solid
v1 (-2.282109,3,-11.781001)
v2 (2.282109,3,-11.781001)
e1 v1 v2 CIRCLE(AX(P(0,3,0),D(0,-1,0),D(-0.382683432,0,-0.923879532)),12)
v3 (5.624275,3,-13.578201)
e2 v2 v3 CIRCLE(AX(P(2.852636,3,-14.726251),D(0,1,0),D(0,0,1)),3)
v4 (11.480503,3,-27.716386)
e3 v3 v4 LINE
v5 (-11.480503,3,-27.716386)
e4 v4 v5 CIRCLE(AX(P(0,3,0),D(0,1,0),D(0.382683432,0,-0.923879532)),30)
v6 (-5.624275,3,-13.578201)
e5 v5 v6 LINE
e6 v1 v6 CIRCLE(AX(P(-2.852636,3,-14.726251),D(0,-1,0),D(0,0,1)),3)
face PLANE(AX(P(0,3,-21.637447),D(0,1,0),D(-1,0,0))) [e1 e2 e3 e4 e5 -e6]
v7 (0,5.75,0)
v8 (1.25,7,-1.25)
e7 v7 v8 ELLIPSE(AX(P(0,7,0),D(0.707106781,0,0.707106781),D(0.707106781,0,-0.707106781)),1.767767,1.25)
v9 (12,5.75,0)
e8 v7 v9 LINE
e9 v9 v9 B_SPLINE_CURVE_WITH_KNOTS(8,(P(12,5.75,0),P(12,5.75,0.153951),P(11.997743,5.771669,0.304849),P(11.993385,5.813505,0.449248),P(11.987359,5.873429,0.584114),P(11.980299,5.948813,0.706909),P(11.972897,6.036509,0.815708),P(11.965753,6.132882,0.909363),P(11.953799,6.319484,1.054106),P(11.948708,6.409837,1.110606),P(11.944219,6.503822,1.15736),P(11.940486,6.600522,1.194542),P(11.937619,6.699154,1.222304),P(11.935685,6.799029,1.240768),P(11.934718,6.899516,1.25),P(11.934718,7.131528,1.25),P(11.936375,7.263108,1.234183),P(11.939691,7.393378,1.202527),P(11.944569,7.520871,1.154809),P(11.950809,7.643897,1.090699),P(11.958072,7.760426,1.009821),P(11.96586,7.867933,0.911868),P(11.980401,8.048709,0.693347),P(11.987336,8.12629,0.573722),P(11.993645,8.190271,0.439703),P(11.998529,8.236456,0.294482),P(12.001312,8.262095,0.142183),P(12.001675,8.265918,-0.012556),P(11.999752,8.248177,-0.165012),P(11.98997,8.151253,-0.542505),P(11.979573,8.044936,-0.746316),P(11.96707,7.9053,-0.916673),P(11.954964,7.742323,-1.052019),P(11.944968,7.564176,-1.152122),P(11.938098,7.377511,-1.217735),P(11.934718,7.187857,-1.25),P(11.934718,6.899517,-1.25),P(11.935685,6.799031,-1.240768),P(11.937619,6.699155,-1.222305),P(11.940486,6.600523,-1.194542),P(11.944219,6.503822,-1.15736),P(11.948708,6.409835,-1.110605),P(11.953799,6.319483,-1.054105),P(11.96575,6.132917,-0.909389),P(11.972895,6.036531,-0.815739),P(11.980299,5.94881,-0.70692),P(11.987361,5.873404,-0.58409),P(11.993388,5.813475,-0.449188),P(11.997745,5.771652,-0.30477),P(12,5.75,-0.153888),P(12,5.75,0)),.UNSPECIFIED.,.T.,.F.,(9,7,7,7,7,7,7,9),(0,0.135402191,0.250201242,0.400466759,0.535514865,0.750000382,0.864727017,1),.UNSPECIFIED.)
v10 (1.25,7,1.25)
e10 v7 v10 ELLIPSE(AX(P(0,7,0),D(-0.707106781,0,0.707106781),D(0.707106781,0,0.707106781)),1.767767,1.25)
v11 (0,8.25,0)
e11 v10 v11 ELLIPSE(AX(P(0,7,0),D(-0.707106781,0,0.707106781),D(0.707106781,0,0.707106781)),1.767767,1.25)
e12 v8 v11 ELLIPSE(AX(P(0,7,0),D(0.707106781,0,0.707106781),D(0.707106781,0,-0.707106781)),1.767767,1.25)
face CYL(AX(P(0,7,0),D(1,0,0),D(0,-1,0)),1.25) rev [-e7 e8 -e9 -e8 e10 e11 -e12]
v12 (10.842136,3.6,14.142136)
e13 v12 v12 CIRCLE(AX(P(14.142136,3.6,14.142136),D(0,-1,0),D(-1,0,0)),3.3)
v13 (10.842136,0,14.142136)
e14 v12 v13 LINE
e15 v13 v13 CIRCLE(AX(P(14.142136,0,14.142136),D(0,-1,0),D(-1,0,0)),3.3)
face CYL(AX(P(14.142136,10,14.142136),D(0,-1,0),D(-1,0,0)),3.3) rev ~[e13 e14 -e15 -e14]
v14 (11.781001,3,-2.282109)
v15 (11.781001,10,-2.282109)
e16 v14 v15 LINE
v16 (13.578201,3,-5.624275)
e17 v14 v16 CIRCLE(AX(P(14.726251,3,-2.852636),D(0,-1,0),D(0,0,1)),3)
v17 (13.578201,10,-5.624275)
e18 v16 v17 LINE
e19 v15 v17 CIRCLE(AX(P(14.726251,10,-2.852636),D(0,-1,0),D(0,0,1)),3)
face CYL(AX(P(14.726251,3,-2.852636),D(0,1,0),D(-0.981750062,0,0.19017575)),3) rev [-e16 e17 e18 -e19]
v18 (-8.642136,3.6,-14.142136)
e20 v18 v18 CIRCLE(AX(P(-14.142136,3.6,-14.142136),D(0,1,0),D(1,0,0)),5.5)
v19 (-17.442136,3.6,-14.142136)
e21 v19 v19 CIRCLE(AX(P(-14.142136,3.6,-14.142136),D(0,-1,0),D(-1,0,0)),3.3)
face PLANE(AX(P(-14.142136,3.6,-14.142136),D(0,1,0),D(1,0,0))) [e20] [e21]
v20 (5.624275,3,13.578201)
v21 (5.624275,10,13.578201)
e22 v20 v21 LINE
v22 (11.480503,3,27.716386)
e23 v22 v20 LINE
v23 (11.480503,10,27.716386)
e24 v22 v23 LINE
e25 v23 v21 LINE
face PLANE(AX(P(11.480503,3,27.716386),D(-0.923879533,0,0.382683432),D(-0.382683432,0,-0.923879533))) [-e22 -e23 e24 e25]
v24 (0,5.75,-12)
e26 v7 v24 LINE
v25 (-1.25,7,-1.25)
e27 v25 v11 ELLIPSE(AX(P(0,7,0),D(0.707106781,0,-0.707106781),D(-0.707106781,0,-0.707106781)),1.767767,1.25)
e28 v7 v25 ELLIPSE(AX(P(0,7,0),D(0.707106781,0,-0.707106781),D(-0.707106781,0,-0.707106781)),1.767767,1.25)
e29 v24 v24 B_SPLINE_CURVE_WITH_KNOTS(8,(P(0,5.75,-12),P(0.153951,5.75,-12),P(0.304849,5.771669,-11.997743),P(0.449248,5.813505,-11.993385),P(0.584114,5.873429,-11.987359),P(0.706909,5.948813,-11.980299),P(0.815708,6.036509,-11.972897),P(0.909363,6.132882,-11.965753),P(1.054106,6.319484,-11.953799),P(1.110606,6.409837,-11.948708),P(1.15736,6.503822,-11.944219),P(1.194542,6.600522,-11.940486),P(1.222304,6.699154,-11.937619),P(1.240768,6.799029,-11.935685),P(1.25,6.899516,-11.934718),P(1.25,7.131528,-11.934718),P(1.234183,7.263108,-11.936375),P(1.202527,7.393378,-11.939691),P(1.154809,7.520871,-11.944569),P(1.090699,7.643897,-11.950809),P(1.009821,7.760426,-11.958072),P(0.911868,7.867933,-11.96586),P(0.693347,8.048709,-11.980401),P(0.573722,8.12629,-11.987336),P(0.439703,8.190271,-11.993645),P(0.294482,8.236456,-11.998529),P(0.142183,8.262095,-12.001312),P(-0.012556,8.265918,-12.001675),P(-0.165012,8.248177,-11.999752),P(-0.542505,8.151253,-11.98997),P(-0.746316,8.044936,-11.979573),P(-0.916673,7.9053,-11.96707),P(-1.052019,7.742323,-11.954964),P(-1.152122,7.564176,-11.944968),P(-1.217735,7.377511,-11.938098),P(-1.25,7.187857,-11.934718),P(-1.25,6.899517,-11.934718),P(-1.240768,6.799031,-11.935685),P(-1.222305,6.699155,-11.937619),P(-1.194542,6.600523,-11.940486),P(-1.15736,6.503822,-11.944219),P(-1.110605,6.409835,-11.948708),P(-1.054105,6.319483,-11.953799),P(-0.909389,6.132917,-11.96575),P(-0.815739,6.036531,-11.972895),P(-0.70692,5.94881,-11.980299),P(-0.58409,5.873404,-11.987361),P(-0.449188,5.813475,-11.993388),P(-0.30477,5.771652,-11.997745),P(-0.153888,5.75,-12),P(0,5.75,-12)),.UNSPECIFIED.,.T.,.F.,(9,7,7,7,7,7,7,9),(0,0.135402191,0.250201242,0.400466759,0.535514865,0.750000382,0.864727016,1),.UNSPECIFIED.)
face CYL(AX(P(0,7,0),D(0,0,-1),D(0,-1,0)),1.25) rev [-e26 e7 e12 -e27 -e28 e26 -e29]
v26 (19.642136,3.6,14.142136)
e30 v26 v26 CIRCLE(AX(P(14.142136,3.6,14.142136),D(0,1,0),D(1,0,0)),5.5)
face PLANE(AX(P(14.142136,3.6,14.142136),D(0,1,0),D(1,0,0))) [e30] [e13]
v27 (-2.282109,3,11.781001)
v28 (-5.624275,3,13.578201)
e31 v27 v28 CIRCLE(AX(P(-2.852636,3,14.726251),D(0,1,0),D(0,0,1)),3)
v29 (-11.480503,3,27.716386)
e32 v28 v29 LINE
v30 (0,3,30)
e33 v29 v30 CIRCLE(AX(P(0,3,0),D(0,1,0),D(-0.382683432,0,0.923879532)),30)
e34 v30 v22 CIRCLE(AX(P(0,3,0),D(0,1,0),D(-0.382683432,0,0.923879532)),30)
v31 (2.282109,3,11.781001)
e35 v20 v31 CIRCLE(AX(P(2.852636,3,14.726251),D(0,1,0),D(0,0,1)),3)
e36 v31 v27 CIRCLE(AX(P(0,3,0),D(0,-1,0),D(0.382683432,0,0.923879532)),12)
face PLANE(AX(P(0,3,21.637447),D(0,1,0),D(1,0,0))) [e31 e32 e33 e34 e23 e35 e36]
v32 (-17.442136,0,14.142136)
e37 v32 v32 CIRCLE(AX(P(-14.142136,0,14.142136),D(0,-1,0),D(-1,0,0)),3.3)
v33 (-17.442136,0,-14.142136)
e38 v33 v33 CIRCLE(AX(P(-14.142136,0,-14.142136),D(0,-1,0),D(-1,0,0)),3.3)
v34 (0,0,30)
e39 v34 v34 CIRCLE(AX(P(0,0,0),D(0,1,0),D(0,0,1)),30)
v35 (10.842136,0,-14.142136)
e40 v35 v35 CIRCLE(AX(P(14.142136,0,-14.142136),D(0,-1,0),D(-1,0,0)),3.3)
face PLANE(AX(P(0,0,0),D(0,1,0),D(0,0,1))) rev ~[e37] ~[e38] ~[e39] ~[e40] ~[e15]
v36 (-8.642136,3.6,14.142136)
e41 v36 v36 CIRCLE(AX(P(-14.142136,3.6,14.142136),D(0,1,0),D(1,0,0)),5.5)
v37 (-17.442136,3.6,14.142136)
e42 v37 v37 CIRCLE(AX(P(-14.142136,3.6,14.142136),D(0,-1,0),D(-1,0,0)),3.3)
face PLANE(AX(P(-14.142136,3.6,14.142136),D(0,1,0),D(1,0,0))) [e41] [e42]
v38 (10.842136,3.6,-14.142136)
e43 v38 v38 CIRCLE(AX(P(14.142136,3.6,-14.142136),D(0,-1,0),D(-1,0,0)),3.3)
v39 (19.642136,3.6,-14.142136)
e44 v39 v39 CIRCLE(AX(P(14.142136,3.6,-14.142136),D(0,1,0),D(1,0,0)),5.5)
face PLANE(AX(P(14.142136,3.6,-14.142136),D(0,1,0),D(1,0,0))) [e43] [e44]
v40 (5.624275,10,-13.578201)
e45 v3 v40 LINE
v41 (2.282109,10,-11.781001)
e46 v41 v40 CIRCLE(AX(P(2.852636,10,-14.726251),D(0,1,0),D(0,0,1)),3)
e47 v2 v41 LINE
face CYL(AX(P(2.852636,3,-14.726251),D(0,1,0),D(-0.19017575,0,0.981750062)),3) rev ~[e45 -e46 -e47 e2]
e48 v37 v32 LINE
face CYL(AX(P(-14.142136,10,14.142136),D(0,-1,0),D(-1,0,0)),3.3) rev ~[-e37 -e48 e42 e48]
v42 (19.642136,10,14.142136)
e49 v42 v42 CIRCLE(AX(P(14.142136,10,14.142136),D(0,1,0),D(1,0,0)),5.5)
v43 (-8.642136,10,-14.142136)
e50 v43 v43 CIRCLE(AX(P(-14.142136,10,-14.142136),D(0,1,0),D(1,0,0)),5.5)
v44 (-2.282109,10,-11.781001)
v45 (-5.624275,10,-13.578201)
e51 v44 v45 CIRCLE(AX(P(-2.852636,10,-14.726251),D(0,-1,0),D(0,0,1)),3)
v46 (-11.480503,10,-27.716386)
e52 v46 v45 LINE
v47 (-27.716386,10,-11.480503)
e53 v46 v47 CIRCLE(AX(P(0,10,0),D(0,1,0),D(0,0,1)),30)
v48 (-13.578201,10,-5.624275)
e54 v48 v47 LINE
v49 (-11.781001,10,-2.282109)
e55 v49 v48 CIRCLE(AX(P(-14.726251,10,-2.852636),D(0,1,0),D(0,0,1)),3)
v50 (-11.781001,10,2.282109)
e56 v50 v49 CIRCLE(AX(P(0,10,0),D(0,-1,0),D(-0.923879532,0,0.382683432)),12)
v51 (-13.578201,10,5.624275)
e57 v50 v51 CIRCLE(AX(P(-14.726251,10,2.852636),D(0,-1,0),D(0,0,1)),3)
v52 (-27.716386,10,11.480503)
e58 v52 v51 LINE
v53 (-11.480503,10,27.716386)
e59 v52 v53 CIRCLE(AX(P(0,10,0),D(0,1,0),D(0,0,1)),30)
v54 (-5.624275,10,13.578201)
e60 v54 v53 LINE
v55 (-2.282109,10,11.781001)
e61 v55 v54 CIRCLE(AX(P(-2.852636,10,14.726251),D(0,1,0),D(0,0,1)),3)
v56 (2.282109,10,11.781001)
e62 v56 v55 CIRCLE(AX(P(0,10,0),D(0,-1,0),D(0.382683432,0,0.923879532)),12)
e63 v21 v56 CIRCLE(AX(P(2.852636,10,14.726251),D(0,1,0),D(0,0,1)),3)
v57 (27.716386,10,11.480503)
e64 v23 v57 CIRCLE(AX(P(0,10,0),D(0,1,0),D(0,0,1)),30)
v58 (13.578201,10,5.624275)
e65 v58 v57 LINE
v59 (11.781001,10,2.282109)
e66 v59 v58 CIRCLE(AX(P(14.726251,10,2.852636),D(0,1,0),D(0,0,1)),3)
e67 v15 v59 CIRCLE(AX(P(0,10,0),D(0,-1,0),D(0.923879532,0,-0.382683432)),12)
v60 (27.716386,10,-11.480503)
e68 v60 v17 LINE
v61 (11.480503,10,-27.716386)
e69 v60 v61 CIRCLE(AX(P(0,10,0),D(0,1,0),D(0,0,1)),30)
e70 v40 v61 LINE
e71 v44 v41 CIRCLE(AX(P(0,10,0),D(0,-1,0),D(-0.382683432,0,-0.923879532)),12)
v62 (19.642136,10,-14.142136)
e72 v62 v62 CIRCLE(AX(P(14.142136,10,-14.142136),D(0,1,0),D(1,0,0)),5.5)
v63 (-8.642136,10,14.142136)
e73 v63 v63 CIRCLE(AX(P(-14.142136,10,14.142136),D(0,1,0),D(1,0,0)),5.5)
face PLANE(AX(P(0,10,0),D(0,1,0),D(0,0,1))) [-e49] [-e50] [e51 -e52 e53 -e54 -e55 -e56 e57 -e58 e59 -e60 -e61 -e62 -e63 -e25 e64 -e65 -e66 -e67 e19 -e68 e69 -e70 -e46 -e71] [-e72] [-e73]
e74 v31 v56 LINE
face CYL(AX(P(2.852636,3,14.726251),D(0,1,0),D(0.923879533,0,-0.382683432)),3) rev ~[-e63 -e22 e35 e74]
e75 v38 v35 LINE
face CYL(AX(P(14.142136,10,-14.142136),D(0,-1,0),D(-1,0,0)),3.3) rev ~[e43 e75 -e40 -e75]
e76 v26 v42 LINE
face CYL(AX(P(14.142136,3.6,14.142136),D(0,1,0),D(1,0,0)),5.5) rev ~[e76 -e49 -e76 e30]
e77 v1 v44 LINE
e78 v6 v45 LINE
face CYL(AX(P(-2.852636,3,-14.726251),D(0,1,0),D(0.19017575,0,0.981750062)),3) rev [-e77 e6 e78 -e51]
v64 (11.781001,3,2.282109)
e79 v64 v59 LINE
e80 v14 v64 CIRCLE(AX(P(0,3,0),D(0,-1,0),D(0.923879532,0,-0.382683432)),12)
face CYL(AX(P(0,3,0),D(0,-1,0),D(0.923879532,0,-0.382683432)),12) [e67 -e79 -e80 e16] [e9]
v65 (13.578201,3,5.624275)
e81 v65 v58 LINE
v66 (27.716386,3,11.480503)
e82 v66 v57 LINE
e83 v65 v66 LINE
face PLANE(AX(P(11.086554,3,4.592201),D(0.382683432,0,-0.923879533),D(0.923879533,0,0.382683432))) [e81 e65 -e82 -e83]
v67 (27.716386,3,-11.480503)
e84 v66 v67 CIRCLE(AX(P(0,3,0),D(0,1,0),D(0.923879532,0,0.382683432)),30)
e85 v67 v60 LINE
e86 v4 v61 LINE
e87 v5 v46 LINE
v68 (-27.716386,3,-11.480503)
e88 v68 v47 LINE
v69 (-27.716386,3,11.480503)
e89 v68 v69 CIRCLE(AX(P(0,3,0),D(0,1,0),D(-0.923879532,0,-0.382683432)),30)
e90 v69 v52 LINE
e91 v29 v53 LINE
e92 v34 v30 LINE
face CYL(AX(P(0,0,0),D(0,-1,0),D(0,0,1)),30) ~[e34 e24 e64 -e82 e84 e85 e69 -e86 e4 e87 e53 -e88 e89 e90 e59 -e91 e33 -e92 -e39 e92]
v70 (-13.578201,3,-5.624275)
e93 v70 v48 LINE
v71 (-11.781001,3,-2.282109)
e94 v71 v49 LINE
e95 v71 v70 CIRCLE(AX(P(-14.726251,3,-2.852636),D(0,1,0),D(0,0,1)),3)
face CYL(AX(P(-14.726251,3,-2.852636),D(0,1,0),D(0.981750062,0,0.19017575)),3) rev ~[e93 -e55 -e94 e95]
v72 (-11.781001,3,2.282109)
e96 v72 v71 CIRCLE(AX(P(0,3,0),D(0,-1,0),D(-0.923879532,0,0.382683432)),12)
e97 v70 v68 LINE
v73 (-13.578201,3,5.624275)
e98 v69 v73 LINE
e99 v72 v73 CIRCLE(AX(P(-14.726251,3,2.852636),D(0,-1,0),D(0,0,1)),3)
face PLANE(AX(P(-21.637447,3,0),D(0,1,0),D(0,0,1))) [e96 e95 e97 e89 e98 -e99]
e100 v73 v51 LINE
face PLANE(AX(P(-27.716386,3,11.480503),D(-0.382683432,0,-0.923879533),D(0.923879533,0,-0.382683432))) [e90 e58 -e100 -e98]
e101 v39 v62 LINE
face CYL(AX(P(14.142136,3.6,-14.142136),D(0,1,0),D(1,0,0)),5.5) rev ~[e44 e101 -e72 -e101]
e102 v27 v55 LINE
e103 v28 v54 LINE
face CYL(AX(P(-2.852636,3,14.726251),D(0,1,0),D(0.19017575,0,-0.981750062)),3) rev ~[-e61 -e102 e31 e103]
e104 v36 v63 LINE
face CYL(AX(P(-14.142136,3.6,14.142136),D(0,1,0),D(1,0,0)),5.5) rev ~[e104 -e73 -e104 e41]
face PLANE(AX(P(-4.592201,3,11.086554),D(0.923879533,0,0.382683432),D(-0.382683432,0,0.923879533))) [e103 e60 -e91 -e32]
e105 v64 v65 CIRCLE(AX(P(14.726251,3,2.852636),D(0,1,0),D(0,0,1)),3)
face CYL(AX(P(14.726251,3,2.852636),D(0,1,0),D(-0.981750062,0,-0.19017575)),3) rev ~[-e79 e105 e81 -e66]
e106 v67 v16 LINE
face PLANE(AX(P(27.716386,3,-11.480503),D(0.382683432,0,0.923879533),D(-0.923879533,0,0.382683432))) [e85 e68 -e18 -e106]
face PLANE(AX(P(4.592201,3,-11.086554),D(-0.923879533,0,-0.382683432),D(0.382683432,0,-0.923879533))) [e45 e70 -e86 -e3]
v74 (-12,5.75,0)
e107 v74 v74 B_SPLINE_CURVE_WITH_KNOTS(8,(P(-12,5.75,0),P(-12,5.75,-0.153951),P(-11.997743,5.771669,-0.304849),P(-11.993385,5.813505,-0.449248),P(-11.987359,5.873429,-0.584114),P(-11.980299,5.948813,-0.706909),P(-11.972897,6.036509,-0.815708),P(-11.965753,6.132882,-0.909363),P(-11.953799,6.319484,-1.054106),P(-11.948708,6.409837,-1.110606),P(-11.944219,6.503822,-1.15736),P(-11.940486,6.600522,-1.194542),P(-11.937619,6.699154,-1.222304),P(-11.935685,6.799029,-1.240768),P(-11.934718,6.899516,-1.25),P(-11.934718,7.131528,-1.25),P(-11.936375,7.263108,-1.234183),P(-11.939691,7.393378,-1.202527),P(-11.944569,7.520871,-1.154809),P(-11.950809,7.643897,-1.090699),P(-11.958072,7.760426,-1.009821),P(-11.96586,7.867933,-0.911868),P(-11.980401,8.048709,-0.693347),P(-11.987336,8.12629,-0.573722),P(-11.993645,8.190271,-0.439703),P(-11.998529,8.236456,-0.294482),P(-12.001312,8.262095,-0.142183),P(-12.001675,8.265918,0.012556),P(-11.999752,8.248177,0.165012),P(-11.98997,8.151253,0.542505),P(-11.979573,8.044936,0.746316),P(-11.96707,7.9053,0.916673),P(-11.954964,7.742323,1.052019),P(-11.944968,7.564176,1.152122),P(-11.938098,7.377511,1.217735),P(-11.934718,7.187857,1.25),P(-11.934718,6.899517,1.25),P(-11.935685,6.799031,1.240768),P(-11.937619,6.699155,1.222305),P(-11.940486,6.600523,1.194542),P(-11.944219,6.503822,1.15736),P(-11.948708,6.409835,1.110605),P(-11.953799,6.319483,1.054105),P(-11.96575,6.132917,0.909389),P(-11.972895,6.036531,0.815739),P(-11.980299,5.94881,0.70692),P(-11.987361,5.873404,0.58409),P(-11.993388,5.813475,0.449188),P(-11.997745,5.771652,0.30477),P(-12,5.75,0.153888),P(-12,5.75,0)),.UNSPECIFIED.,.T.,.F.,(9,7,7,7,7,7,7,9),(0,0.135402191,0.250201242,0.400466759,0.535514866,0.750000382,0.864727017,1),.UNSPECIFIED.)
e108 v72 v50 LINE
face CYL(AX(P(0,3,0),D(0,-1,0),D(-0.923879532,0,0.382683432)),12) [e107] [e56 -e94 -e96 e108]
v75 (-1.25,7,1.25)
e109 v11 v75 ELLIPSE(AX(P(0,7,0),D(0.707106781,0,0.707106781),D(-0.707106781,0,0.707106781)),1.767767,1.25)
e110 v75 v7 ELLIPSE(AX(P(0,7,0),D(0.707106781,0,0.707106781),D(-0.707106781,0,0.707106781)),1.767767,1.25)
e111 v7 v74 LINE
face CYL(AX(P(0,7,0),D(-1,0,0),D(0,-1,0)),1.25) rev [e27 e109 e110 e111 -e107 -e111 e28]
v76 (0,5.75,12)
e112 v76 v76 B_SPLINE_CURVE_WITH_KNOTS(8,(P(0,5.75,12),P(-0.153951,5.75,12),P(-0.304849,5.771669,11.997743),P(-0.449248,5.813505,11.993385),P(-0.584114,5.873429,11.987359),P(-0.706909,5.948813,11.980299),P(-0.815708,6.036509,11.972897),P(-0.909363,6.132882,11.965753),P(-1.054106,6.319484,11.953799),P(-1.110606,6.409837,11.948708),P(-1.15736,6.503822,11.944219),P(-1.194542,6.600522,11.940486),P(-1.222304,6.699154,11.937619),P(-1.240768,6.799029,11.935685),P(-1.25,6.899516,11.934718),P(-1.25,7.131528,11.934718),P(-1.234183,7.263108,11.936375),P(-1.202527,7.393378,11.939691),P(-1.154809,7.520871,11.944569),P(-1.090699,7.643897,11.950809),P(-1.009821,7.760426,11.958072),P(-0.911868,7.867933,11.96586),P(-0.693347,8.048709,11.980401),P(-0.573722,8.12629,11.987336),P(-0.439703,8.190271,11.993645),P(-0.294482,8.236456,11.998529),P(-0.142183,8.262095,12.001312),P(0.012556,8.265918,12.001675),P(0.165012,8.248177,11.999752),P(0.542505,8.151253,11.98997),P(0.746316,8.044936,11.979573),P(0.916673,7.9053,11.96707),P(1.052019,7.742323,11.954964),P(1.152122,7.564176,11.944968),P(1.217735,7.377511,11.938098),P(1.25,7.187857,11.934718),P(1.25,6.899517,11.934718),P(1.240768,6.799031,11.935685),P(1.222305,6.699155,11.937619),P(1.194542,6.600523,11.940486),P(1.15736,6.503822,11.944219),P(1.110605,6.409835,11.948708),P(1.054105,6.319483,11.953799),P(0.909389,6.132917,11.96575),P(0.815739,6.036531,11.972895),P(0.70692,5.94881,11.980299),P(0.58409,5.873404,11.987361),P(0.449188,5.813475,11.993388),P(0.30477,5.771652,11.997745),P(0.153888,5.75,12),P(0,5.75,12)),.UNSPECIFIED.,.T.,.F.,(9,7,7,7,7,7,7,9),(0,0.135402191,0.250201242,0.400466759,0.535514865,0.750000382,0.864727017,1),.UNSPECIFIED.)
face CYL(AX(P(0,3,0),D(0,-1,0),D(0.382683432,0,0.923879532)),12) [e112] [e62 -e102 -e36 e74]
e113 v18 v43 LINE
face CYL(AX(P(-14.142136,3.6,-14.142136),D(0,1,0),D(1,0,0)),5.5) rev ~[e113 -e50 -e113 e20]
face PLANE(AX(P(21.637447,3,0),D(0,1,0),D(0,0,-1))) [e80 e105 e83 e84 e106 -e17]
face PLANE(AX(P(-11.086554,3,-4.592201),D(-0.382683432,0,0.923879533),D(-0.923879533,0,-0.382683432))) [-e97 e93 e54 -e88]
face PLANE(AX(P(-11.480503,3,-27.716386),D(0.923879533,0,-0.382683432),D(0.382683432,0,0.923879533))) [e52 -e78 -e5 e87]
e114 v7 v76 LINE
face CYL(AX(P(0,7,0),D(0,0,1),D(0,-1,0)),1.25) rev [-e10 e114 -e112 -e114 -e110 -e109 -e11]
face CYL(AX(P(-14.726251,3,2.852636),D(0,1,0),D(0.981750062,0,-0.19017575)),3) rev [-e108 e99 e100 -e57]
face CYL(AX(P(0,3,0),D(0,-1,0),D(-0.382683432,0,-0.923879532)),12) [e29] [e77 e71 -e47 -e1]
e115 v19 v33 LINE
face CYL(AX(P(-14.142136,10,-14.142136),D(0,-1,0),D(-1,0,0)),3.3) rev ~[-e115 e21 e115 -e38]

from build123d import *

# Parameters (mm, degrees)
SKETCH1_R                                           = 30
BOSS_EXTRUDE1_DEPTH                                 = 10
CBORE_FOR_M6_HEX_SOCKET_HEAD_CAP_SCREW1_D           = 6.6
CBORE_FOR_M6_HEX_SOCKET_HEAD_CAP_SCREW1_CBORE_D     = 11
CBORE_FOR_M6_HEX_SOCKET_HEAD_CAP_SCREW1_CBORE_DEPTH = 6.4
CUT_EXTRUDE1_START                                  = -7
CUT_EXTRUDE1_DEPTH                                  = 7
CIRPATTERN1_COUNT                                   = 4
FILLET1_R                                           = 3


with BuildPart() as part:
    # Sketch1 → Boss-Extrude1 (new body)
    with BuildSketch(Plane(origin=(0, 0, 0), x_dir=(1, 0, 0), z_dir=(0, 1, 0))):
        with Locations(Location((0, 0, 0), (0, 0, 270))):
            Circle(SKETCH1_R)
    extrude(amount=BOSS_EXTRUDE1_DEPTH)

    # CBORE for M6 Hex Socket Head Cap Screw1 (through all)
    with Locations(Plane(origin=(0, 10, 0), x_dir=(1, 0, 0), z_dir=(0, 1, 0))):
        with Locations((14.142135624, -14.142135624), (14.142135624, 14.142135624), (-14.142135624, 14.142135624), (-14.142135624, -14.142135624)):
            CounterBoreHole(CBORE_FOR_M6_HEX_SOCKET_HEAD_CAP_SCREW1_D / 2, CBORE_FOR_M6_HEX_SOCKET_HEAD_CAP_SCREW1_CBORE_D / 2, CBORE_FOR_M6_HEX_SOCKET_HEAD_CAP_SCREW1_CBORE_DEPTH)

    # Sketch4 → Cut-Extrude1 (cut)
    with BuildSketch(Plane(origin=(0, 10, 0), x_dir=(1, 0, 0), z_dir=(0, 1, 0)).offset(CUT_EXTRUDE1_START)):
        with BuildLine():
            ThreePointArc((4.592201188, -11.08655439), (0, -12), (-4.592201188, -11.08655439))
            Line((-4.592201188, -11.08655439), (-11.480502971, -27.716385975))
            ThreePointArc((-11.480502971, -27.716385975), (0, -30), (11.480502971, -27.716385975))
            Line((11.480502971, -27.716385975), (4.592201188, -11.08655439))
        make_face()
    cut_extrude1 = extrude(amount=CUT_EXTRUDE1_DEPTH, mode=Mode.SUBTRACT)

    # Sketch6 → M3 Tapped Hole1 (revolve, cut)
    with BuildSketch(Plane(origin=(0, 7, 12), x_dir=(0, -1, 0), z_dir=(1, 0, 0))):
        Polygon((0, 0), (0, 12.751075774), (1.25, 12), (1.25, 0), align=None)
    m3_tapped_hole1 = revolve(axis=Axis((0, 7, 18.35), (0, 0, -1)), mode=Mode.SUBTRACT)

    # CirPattern1: Cut-Extrude1, M3 Tapped Hole1 ×4 about axis
    cirpattern1_axis = Axis((0, 10, 0), (0, 1, 0))
    add([cut_extrude1.rotate(cirpattern1_axis, i * 360 / CIRPATTERN1_COUNT) for i in range(1, CIRPATTERN1_COUNT)], mode=Mode.SUBTRACT)
    add([m3_tapped_hole1.rotate(cirpattern1_axis, i * 360 / CIRPATTERN1_COUNT) for i in range(1, CIRPATTERN1_COUNT)], mode=Mode.SUBTRACT)

    # Fillet1
    fillet1_edges = [part.edges().sort_by_distance(p)[0] for p in [
        (-4.592201188, 6.5, 11.08655439),
        (4.592201188, 6.5, 11.08655439),
        (4.592201188, 6.5, -11.08655439),
        (-4.592201188, 6.5, -11.08655439),
        (-11.08655439, 6.5, -4.592201188),
        (-11.08655439, 6.5, 4.592201188),
        (11.08655439, 6.5, 4.592201188),
        (11.08655439, 6.5, -4.592201188),
    ]]
    fillet(fillet1_edges, radius=FILLET1_R)


solid = part.part
